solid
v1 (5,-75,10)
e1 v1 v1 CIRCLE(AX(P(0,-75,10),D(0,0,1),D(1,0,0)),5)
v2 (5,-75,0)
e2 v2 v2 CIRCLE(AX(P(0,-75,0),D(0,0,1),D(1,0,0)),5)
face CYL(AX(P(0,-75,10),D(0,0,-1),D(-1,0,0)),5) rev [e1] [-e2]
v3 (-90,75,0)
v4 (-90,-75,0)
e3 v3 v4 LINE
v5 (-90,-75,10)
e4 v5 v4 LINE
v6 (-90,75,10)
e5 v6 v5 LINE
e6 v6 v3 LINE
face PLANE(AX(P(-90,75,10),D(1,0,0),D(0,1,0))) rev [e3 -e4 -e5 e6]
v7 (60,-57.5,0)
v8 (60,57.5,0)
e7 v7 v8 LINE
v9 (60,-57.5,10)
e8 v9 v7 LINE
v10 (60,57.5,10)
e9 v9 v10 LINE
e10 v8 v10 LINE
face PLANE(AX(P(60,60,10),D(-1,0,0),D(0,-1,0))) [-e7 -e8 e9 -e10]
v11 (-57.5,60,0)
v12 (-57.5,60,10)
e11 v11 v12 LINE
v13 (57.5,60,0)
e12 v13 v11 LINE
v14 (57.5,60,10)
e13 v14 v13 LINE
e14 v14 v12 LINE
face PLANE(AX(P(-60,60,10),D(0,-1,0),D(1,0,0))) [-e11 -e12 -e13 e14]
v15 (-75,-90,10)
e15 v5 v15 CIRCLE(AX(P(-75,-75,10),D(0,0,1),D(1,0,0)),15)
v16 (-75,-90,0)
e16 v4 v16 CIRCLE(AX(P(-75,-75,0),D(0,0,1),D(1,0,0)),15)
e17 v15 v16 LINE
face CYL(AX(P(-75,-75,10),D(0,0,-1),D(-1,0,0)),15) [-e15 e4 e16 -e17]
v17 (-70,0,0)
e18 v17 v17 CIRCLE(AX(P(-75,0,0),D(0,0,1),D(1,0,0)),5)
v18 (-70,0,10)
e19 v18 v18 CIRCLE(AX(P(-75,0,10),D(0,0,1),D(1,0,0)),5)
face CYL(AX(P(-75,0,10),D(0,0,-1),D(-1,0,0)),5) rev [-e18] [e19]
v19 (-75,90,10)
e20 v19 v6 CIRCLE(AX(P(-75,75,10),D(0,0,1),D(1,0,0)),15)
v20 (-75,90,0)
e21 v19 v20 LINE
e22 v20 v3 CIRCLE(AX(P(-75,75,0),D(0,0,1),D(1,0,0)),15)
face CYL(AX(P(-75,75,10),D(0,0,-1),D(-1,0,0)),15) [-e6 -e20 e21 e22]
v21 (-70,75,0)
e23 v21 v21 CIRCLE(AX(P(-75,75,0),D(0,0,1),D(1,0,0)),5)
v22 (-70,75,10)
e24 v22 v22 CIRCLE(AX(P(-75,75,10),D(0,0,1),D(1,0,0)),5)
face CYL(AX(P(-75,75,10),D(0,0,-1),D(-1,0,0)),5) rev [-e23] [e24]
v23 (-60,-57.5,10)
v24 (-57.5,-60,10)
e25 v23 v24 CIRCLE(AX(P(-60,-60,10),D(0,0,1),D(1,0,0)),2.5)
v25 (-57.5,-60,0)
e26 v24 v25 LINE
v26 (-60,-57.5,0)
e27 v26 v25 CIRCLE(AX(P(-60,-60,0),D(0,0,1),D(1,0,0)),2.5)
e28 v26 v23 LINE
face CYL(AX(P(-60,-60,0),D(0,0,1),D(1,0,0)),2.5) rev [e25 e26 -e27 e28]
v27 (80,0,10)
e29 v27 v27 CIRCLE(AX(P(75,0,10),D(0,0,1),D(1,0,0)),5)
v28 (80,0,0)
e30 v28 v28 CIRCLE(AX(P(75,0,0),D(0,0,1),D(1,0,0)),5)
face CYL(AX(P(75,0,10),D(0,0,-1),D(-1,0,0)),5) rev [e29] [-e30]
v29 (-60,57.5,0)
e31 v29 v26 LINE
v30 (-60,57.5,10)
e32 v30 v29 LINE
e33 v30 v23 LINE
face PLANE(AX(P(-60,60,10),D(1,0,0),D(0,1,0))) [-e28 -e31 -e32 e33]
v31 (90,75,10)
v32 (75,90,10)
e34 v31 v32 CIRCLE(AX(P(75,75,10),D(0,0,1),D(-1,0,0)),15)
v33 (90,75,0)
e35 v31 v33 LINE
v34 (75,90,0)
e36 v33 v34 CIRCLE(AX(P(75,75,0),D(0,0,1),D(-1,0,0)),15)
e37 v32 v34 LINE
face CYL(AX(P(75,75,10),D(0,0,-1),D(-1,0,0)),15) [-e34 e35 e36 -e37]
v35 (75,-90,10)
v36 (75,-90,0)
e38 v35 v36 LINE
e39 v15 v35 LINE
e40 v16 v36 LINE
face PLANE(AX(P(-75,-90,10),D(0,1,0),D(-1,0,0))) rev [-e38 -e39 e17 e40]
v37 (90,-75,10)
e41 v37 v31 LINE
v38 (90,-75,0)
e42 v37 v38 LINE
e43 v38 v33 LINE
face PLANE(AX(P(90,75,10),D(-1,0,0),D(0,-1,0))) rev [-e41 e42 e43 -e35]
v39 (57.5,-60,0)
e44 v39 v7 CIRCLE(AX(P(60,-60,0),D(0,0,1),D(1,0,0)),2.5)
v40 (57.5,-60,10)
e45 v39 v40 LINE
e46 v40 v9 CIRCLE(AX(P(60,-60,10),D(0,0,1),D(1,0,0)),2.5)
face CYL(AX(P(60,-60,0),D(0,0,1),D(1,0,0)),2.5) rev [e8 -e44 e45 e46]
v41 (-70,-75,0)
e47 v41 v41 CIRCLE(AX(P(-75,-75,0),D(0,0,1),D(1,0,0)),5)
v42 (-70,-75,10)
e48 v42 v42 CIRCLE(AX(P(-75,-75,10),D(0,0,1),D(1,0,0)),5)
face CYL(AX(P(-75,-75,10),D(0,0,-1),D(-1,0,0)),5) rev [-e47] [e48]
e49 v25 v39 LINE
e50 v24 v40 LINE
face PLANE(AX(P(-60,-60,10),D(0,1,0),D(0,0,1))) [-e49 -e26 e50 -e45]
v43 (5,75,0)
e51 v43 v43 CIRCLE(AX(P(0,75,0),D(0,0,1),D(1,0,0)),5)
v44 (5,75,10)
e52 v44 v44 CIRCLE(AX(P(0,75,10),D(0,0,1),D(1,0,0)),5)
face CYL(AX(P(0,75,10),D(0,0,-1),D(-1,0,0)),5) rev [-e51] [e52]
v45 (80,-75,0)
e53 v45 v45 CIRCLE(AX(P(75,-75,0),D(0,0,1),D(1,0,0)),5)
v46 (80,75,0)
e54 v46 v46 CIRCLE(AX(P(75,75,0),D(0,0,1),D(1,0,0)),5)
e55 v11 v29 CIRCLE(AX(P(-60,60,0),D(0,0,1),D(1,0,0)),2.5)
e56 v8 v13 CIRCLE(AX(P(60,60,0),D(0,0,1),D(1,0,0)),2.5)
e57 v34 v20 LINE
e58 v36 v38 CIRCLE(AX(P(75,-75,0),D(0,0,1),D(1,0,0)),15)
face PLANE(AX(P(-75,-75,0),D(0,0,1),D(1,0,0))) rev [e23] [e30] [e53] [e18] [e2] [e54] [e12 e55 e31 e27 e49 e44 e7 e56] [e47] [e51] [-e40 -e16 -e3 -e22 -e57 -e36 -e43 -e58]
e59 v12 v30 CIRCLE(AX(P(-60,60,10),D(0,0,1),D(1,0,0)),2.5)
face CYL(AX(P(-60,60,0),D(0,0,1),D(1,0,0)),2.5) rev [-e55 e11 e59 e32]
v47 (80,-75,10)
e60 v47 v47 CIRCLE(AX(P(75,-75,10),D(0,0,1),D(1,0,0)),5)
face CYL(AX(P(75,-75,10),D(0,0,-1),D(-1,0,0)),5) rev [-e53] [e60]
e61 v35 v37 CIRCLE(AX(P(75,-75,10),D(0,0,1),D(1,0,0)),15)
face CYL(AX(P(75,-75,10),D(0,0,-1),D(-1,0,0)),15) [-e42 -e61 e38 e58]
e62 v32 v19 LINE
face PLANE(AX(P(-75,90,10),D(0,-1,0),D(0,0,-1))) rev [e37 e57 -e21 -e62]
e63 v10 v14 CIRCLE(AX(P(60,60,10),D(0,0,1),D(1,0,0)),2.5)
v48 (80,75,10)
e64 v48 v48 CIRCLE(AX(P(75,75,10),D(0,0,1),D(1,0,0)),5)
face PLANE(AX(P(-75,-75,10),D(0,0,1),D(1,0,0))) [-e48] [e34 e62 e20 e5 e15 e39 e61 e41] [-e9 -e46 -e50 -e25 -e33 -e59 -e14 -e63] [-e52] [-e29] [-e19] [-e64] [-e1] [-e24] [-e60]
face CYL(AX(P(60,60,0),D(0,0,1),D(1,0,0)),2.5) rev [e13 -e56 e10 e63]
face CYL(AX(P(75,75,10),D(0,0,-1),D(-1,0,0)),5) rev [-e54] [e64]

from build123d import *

# Parameters (mm, degrees)
SKETCH2_R           = 5
SKETCH2_W           = 120
SKETCH2_H           = 120
BOSS_EXTRUDE1_DEPTH = 10
SKETCH3_R           = 2.5
CUT_EXTRUDE1_DEPTH  = 10


with BuildPart() as part:
    # Sketch2 → Boss-Extrude1 (new body)
    with BuildSketch(Plane.XY):
        with BuildLine():
            Line((-75, 90), (75, 90))
            ThreePointArc((75, 90), (85.606601718, 85.606601718), (90, 75))
            Line((90, 75), (90, -75))
            ThreePointArc((90, -75), (85.606601718, -85.606601718), (75, -90))
            Line((75, -90), (-75, -90))
            ThreePointArc((-75, -90), (-85.606601718, -85.606601718), (-90, -75))
            Line((-90, -75), (-90, 75))
            ThreePointArc((-90, 75), (-85.606601718, 85.606601718), (-75, 90))
        make_face()
        with Locations((-75, 75)):
            Circle(SKETCH2_R, mode=Mode.SUBTRACT)
        with Locations((0, 75)):
            Circle(SKETCH2_R, mode=Mode.SUBTRACT)
        with Locations((75, 75)):
            Circle(SKETCH2_R, mode=Mode.SUBTRACT)
        with Locations((-75, 0)):
            Circle(SKETCH2_R, mode=Mode.SUBTRACT)
        with Locations((75, 0)):
            Circle(SKETCH2_R, mode=Mode.SUBTRACT)
        with Locations((-75, -75)):
            Circle(SKETCH2_R, mode=Mode.SUBTRACT)
        with Locations((0, -75)):
            Circle(SKETCH2_R, mode=Mode.SUBTRACT)
        with Locations((75, -75)):
            Circle(SKETCH2_R, mode=Mode.SUBTRACT)
        Rectangle(SKETCH2_W, SKETCH2_H, mode=Mode.SUBTRACT)
    extrude(amount=BOSS_EXTRUDE1_DEPTH)

    # Sketch3 → Cut-Extrude1 (cut)
    with BuildSketch(Plane.XY.offset(10)):
        with Locations((-60, 60)):
            Circle(SKETCH3_R)
        with Locations((60, 60)):
            Circle(SKETCH3_R)
        with Locations((60, -60)):
            Circle(SKETCH3_R)
        with Locations((-60, -60)):
            Circle(SKETCH3_R)
    extrude(amount=-CUT_EXTRUDE1_DEPTH, mode=Mode.SUBTRACT)


solid = part.part
